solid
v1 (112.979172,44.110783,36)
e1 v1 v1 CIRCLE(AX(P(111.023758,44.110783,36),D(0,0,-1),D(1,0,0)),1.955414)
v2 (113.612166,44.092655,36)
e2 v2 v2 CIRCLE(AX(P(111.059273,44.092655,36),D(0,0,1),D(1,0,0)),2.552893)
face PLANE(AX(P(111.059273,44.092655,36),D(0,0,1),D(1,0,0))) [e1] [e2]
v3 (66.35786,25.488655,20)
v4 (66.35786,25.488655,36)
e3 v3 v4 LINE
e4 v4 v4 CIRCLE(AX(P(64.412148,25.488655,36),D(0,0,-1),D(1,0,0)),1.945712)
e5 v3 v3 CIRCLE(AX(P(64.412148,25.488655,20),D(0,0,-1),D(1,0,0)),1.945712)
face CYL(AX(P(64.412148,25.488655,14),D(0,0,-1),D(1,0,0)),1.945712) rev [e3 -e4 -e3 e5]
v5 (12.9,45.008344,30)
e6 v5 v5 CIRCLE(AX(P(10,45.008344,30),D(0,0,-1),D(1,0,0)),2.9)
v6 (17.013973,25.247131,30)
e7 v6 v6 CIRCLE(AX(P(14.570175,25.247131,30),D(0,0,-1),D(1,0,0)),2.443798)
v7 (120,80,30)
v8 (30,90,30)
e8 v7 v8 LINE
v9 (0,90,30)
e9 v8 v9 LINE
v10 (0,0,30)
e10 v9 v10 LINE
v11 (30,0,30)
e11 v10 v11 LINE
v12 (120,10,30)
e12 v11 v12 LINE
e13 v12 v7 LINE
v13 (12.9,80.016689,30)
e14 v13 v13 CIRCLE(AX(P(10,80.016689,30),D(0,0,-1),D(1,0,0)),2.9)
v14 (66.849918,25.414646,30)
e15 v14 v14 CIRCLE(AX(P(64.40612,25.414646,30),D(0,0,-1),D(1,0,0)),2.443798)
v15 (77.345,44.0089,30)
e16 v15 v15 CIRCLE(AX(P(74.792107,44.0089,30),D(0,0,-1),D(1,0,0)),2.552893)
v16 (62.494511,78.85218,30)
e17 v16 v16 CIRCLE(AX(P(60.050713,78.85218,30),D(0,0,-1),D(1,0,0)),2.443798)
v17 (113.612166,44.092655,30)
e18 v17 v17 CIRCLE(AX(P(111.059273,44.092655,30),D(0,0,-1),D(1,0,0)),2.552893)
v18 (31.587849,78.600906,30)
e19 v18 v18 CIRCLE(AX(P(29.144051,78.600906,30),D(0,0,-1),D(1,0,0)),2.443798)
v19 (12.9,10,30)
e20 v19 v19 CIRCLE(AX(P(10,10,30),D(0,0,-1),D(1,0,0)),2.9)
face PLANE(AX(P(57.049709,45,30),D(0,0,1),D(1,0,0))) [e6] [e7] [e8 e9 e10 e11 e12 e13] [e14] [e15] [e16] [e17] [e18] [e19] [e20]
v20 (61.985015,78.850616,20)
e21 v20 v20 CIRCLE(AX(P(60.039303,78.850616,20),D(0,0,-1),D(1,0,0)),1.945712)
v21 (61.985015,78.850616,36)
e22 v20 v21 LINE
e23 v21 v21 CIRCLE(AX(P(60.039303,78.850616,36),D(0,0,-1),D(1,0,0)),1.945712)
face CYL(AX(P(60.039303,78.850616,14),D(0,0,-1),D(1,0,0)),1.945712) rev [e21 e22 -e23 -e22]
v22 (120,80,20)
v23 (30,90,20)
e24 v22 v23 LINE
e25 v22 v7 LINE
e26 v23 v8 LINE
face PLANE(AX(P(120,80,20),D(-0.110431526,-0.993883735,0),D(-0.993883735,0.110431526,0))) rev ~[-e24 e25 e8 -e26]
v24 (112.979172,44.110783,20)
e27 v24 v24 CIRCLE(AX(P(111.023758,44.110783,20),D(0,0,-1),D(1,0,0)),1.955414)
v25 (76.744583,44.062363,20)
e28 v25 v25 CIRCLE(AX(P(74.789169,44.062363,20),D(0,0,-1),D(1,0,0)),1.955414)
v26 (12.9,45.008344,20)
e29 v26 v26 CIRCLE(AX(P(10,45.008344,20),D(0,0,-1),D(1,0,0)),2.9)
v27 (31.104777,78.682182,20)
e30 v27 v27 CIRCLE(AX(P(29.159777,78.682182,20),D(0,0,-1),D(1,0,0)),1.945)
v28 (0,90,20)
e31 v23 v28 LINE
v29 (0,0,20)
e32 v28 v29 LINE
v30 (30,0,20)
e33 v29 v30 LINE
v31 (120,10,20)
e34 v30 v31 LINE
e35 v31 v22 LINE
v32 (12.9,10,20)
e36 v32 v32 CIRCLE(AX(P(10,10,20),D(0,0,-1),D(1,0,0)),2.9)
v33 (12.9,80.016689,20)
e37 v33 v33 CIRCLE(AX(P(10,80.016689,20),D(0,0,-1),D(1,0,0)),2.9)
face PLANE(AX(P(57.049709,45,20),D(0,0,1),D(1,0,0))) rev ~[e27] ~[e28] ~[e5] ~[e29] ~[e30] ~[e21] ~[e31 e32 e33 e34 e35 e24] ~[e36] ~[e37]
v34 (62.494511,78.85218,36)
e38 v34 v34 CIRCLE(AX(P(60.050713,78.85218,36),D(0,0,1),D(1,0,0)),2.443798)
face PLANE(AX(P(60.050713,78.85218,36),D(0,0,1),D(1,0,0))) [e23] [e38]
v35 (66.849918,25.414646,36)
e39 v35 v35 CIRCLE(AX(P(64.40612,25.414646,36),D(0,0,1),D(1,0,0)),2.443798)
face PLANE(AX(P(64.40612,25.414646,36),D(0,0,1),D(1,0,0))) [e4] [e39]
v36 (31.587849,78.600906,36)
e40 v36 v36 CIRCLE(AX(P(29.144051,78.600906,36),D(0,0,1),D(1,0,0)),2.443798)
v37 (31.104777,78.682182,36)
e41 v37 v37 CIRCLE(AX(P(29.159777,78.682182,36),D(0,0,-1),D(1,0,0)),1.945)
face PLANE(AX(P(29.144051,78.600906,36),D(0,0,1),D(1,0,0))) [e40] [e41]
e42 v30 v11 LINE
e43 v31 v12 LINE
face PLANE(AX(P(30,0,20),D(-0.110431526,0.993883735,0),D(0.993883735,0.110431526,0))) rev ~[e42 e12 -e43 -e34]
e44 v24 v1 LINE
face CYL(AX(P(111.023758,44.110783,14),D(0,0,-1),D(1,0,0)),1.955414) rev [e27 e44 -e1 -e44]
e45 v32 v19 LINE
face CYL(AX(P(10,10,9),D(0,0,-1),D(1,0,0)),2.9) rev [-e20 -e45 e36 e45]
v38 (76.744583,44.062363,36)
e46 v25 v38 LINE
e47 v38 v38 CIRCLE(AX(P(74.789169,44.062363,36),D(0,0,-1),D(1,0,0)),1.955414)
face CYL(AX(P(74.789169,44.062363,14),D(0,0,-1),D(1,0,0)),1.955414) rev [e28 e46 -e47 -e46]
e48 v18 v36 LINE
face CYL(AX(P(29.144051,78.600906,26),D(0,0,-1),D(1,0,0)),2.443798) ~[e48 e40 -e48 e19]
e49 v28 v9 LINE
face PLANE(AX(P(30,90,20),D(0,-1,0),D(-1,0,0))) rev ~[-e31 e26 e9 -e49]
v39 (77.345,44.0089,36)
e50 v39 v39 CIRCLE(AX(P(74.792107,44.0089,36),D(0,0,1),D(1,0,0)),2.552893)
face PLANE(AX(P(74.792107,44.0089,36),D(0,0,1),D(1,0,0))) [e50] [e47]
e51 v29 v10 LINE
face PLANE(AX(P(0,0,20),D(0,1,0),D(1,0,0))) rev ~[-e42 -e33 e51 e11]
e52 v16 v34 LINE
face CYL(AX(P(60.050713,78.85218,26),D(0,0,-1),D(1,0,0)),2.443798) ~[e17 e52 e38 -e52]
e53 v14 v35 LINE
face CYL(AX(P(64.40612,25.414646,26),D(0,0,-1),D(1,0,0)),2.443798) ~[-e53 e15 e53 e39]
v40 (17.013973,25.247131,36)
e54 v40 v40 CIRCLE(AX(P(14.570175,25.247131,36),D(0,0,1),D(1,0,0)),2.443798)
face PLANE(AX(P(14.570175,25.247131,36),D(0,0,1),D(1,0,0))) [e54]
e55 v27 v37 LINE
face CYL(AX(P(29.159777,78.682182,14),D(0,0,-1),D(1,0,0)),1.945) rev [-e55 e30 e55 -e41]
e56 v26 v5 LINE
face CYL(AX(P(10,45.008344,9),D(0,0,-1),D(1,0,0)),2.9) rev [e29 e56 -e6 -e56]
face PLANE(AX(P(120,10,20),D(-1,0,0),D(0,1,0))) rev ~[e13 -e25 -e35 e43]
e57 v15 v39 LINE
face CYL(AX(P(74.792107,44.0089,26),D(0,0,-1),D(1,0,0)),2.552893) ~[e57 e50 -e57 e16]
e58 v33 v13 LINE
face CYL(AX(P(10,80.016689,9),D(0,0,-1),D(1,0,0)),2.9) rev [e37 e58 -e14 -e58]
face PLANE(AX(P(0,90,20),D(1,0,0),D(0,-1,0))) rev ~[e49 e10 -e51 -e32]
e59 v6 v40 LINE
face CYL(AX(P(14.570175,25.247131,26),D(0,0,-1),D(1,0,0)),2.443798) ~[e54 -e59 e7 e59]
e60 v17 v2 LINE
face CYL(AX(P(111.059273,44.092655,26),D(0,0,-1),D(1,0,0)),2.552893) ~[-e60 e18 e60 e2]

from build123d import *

# Parameters (mm, degrees)
SKETCH018_R      = 1.955414
SKETCH018_R_2    = 1.945
SKETCH018_R_3    = 1.945712
EXTRUDE021_DEPTH = 30
SKETCH017_R      = 2.552893
SKETCH017_R_2    = 2.443798
EXTRUDE020_DEPTH = 10
SKETCH003_R      = 2.9
EXTRUDE004_DEPTH = 50
EXTRUDE001_DEPTH = 10


with BuildPart() as extrude021:
    # Sketch018 (on Face20 of Fusion002) → Extrude021 (new body)
    with BuildSketch(Plane.XY.offset(36)):
        with Locations((74.789169, 44.062363)):
            Circle(SKETCH018_R)
        with Locations((111.023758, 44.110783)):
            Circle(SKETCH018_R)
        with Locations((29.159777, 78.682182)):
            Circle(SKETCH018_R_2)
        with Locations((60.039303, 78.850616)):
            Circle(SKETCH018_R_3)
        with Locations((64.412148, 25.488655)):
            Circle(SKETCH018_R_3)
    extrude(amount=EXTRUDE021_DEPTH)


with BuildPart() as extrude021_1:
    # Extrude021 placement: moved
    add(extrude021.part.moved(Location((0, 0, -22))))


with BuildPart() as base_tornillos:
    # Sketch017 (on Face5 of Cut001) → Extrude020 (new body)
    with BuildSketch(Plane.XY.offset(30)):
        with Locations((74.792107, 44.0089)):
            Circle(SKETCH017_R)
        with Locations((111.059273, 44.092655)):
            Circle(SKETCH017_R)
        with Locations((60.050713, 78.85218)):
            Circle(SKETCH017_R_2)
        with Locations((29.144051, 78.600906)):
            Circle(SKETCH017_R_2)
        with Locations((14.570175, 25.247131)):
            Circle(SKETCH017_R_2)
        with Locations((64.40612, 25.414646)):
            Circle(SKETCH017_R_2)
    extrude(amount=EXTRUDE020_DEPTH)


with BuildPart() as base_tornillos_1:
    # Extrude020 placement: moved
    add(base_tornillos.part.moved(Location((0, 0, -4))))


with BuildPart() as tornillos001:
    # Sketch003 (on Face8 of Extrude002) → Extrude004 (new body)
    with BuildSketch(Plane.XY.offset(10)):
        with Locations((10, 80.016689)):
            Circle(SKETCH003_R)
        with Locations((10, 45.008344)):
            Circle(SKETCH003_R)
        with Locations((10, 10)):
            Circle(SKETCH003_R)
    extrude(amount=EXTRUDE004_DEPTH)


with BuildPart() as tornillos001_1:
    # Extrude004 placement: moved
    add(tornillos001.part.moved(Location((0, 0, -21))))


with BuildPart() as base_delantera_superior:
    # Sketch001 → Extrude001 (new body)
    with BuildSketch(Plane.XY):
        Polygon((0, 0), (30, 0), (120, 10), (120, 80), (30, 90), (0, 90), align=None)
    extrude(amount=EXTRUDE001_DEPTH)

    # Cut001: cut Tornillos001
    add(tornillos001_1.part, mode=Mode.SUBTRACT)


with BuildPart() as base_delantera_superior_1:
    # Cut001 placement: moved
    add(base_delantera_superior.part.moved(Location((0, 0, 20))))

    # Fusion002: union Base tornillos
    add(base_tornillos_1.part)

    # Cut009: cut Extrude021
    add(extrude021_1.part, mode=Mode.SUBTRACT)


solid = base_delantera_superior_1.part
